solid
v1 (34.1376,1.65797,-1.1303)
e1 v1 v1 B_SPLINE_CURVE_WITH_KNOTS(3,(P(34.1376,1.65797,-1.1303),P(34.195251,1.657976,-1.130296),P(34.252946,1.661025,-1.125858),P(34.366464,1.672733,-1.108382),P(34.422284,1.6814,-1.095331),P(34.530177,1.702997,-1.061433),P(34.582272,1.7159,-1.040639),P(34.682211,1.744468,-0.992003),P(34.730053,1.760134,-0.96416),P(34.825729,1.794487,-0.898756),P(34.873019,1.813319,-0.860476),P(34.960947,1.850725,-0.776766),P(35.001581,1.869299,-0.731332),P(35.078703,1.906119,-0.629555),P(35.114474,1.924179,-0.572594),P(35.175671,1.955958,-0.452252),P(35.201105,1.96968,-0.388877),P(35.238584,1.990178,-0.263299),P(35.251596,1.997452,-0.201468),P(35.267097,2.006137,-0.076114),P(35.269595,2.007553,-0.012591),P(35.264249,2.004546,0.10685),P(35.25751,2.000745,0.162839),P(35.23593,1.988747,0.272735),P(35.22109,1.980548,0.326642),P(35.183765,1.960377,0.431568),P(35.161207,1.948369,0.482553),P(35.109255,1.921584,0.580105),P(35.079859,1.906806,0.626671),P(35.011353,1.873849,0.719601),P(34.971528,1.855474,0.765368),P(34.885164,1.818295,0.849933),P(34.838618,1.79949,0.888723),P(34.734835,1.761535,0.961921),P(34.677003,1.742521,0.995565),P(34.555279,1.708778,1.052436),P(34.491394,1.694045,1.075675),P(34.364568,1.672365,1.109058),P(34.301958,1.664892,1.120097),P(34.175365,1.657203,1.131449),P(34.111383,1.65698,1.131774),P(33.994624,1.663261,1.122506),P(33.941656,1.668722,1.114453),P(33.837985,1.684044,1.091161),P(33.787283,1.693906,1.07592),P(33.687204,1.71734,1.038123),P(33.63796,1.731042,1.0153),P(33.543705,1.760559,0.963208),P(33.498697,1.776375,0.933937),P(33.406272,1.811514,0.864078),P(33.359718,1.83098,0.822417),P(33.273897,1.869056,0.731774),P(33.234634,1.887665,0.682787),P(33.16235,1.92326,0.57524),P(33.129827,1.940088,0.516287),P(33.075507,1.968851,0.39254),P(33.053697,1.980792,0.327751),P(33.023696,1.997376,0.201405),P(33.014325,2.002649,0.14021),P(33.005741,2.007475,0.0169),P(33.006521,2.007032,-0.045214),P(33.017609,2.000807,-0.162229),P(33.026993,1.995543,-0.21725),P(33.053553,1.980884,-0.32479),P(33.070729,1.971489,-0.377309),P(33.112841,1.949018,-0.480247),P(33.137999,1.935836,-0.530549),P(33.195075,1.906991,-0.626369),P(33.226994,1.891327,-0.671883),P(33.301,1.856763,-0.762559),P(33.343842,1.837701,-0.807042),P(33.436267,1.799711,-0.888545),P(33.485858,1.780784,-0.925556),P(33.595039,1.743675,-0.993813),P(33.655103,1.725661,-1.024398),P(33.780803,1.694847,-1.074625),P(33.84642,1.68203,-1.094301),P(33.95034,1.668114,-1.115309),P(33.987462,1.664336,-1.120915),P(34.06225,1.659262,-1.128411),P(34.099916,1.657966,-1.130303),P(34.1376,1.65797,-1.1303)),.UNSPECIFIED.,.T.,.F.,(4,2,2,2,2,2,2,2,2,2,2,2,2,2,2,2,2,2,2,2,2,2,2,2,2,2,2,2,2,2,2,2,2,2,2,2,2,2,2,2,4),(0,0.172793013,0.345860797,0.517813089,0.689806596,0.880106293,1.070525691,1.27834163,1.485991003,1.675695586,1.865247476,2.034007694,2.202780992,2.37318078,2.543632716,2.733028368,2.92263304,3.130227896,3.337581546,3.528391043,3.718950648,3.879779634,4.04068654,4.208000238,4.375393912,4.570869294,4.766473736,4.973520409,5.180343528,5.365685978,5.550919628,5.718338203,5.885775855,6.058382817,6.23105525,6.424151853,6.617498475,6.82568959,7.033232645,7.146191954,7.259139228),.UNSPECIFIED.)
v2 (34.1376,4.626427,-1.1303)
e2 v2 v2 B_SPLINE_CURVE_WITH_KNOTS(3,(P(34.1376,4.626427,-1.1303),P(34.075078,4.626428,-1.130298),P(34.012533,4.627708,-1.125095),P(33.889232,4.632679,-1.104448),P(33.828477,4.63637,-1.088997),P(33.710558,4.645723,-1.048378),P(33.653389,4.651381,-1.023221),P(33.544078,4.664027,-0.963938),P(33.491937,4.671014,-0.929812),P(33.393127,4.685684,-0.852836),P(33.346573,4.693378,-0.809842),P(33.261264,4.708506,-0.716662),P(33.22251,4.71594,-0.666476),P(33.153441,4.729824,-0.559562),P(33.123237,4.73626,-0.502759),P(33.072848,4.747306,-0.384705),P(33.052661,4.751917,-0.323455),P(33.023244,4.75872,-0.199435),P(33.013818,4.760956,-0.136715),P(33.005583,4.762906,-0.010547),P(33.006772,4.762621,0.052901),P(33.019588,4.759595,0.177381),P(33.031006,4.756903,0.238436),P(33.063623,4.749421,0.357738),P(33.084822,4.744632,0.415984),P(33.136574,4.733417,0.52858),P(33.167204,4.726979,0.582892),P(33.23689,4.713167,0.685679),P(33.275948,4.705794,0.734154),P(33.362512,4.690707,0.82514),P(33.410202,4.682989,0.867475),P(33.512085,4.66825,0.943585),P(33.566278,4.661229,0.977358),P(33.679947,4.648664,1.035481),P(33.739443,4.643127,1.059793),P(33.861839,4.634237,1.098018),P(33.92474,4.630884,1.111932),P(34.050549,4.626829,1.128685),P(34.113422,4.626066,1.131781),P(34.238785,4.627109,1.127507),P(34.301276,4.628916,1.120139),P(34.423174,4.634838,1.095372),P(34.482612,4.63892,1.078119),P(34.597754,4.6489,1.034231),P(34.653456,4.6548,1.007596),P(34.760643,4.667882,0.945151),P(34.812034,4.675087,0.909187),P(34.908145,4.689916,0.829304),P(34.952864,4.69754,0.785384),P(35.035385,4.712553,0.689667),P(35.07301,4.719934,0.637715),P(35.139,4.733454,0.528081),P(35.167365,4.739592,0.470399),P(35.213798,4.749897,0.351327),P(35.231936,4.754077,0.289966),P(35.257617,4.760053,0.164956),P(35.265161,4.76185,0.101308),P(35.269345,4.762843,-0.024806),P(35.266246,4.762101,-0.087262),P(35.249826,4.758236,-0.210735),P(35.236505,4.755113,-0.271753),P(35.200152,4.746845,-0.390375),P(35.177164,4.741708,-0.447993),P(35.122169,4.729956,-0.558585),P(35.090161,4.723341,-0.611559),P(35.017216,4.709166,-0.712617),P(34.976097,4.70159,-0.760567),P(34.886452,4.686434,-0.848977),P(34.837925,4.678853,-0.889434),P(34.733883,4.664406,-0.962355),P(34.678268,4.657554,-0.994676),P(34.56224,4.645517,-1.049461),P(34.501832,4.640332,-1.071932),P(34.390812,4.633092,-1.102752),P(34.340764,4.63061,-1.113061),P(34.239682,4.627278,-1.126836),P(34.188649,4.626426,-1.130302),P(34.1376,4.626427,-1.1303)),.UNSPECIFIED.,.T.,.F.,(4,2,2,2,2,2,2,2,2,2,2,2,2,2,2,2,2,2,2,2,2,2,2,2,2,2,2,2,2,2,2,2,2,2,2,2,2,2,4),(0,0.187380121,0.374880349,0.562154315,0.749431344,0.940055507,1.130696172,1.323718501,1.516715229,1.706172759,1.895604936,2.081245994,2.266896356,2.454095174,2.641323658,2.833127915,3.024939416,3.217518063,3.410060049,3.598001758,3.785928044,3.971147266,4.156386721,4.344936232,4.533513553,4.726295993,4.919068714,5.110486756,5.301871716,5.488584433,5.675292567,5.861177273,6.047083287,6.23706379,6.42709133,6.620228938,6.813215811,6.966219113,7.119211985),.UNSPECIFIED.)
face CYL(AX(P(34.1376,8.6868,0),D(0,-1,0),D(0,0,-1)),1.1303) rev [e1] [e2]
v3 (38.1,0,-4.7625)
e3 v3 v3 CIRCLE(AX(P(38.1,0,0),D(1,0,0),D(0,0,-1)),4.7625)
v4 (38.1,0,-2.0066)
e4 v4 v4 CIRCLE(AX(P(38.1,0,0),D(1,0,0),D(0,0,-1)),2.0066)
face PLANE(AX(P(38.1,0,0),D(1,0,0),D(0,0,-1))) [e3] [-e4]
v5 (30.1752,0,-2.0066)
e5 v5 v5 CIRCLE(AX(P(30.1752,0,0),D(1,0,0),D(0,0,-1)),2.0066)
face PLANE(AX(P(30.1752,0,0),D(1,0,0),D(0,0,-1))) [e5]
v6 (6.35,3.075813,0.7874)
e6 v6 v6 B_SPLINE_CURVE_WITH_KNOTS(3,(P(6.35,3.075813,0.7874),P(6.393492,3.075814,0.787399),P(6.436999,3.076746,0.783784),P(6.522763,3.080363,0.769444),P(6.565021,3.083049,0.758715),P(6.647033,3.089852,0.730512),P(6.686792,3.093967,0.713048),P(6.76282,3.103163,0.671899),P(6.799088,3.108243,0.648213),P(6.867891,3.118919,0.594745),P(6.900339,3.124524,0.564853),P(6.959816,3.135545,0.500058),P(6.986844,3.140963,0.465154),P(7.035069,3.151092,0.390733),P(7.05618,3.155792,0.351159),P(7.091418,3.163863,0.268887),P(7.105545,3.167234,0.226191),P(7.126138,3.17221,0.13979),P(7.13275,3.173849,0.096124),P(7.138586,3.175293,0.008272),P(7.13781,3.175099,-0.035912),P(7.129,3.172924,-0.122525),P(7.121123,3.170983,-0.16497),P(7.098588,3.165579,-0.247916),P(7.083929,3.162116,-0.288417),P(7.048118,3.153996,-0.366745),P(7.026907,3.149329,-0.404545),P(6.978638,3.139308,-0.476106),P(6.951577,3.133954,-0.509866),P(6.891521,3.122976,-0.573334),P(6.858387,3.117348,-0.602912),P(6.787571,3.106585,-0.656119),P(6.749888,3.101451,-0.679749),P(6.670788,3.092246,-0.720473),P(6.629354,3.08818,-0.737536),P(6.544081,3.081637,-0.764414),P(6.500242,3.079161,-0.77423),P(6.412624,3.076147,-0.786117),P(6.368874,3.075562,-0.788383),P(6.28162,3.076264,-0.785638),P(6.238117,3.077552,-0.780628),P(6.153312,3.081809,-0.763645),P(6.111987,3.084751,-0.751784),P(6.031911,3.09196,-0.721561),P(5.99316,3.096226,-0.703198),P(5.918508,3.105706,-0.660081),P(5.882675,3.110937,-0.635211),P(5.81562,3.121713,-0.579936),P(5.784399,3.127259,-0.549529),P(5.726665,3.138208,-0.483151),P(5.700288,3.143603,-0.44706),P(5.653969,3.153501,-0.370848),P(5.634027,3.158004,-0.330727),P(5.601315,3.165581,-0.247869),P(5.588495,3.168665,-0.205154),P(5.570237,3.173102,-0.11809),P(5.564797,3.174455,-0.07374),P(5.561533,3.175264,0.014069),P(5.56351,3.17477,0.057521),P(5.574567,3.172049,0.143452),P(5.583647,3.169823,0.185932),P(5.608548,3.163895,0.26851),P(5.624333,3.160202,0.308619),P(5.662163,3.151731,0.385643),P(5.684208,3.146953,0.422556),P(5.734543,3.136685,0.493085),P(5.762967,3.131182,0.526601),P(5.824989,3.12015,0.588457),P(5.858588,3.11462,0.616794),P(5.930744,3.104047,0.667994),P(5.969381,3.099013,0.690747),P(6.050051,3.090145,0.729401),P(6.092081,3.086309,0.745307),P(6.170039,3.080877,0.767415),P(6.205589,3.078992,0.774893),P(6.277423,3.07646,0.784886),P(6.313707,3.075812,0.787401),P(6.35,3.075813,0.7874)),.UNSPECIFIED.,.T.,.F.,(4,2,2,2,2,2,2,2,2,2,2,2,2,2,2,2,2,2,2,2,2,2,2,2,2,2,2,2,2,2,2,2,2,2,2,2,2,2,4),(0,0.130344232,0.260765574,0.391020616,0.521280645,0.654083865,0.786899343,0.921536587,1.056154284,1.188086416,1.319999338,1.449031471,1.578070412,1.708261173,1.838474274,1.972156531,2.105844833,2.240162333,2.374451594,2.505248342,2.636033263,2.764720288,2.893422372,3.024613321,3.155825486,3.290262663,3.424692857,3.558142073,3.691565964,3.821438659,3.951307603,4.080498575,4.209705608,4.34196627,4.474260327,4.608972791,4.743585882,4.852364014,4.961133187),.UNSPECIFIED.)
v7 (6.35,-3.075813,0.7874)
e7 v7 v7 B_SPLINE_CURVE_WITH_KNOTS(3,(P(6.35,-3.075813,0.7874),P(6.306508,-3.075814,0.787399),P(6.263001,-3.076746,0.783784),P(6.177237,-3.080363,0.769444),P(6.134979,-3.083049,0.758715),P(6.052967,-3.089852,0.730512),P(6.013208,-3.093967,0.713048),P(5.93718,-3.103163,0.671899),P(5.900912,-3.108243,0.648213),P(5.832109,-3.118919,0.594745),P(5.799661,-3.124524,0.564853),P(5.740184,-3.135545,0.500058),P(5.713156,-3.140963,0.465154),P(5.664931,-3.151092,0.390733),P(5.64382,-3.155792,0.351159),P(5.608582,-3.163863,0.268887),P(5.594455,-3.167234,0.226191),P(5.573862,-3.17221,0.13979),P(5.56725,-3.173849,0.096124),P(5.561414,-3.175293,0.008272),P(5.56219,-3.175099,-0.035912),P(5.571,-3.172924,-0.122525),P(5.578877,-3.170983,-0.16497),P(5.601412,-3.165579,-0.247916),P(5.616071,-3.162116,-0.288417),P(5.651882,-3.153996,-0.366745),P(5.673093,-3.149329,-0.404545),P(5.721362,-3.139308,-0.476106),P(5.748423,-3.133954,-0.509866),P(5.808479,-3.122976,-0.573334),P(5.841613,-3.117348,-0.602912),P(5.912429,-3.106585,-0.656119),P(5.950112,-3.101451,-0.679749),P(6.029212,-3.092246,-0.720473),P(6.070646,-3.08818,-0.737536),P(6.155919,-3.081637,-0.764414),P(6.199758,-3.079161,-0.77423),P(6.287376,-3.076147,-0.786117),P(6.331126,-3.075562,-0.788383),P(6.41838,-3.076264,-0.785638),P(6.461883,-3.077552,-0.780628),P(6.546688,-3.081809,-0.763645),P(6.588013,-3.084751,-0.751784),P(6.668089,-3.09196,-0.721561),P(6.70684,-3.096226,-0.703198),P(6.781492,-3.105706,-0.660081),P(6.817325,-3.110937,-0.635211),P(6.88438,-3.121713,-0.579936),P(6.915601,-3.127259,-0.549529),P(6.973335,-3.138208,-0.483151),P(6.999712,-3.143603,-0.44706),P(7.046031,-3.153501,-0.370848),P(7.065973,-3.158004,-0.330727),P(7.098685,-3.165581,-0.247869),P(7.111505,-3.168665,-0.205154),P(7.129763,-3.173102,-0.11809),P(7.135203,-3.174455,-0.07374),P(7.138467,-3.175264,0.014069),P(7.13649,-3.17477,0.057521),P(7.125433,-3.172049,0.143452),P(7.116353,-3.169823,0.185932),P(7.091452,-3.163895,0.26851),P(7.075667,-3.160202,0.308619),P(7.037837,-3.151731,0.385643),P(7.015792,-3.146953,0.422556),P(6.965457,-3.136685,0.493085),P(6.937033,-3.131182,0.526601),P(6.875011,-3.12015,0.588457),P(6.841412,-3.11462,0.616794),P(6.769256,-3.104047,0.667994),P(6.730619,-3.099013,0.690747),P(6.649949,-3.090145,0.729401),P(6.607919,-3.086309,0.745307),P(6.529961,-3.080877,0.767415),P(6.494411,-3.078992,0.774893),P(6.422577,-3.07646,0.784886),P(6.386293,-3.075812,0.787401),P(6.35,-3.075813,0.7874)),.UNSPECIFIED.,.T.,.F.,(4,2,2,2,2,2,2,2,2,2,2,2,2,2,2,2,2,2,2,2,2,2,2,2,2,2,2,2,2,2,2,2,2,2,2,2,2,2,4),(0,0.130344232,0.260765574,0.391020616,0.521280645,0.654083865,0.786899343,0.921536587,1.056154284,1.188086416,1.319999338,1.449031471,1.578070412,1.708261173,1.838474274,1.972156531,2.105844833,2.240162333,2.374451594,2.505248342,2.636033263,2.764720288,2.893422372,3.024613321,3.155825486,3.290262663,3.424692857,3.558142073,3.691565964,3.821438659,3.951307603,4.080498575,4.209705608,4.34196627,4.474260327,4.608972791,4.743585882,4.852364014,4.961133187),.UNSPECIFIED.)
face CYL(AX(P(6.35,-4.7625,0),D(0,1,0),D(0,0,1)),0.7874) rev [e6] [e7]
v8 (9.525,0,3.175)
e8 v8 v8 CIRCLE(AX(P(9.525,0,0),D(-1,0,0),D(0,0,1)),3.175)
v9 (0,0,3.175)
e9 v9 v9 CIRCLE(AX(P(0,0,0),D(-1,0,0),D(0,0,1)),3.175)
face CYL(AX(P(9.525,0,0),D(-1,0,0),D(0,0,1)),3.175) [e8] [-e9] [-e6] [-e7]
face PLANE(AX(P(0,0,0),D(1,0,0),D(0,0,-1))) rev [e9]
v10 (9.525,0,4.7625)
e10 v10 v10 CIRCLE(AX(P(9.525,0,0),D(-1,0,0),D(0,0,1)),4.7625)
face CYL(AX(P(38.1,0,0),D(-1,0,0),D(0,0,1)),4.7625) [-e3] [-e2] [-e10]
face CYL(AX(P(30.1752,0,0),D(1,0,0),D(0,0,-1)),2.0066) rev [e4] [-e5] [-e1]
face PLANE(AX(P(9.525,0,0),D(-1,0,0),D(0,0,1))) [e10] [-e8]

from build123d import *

# Parameters (mm, degrees)
SKETCH1_R               = 4.7625
BOSS_EXTRUDE1_DEPTH     = 38.1
SKETCH2_R               = 2.0066
CUT_EXTRUDE1_DEPTH      = 7.9248
SKETCH3_R               = 1.1303
CUT_EXTRUDE2_DEPTH      = 8.6868
SKETCH4_R               = 5.084796601
SKETCH4_R_2             = 3.175
CUT_EXTRUDE3_DEPTH      = 9.525
SKETCH5_R               = 0.7874
CUT_EXTRUDE4_DEPTH      = 5.762500124
CUT_EXTRUDE4_DEPTH_BACK = 5.7625001


with BuildPart() as part:
    # Sketch1 → Boss-Extrude1 (new body)
    with BuildSketch(Plane(origin=(0, 0, 0), x_dir=(0, 0, -1), z_dir=(1, 0, 0))):
        Circle(SKETCH1_R)
    extrude(amount=BOSS_EXTRUDE1_DEPTH)

    # Sketch2 → Cut-Extrude1 (cut)
    with BuildSketch(Plane(origin=(38.1, 0, 0), x_dir=(0, 0, -1), z_dir=(1, 0, 0))):
        Circle(SKETCH2_R)
    extrude(amount=-CUT_EXTRUDE1_DEPTH, mode=Mode.SUBTRACT)

    # Sketch3 → Cut-Extrude2 (cut)
    with BuildSketch(Plane(origin=(0, 0, 0), x_dir=(1, 0, 0), z_dir=(0, 1, 0))):
        with Locations((34.1376, 0)):
            Circle(SKETCH3_R)
    extrude(amount=CUT_EXTRUDE2_DEPTH, mode=Mode.SUBTRACT)

    # Sketch4 → Cut-Extrude3 (cut)
    with BuildSketch(Plane.ZY):
        Circle(SKETCH4_R)
        Circle(SKETCH4_R_2, mode=Mode.SUBTRACT)
    extrude(amount=-CUT_EXTRUDE3_DEPTH, mode=Mode.SUBTRACT)

    # Sketch5 → Cut-Extrude4 (cut, two sides)
    with BuildSketch(Plane(origin=(0, 0, 0), x_dir=(1, 0, 0), z_dir=(0, 1, 0))) as cut_extrude4_sk:
        with Locations((6.35, 0)):
            Circle(SKETCH5_R)
    extrude(amount=CUT_EXTRUDE4_DEPTH, mode=Mode.SUBTRACT)
    extrude(cut_extrude4_sk.sketch, amount=-CUT_EXTRUDE4_DEPTH_BACK, mode=Mode.SUBTRACT)


solid = part.part
